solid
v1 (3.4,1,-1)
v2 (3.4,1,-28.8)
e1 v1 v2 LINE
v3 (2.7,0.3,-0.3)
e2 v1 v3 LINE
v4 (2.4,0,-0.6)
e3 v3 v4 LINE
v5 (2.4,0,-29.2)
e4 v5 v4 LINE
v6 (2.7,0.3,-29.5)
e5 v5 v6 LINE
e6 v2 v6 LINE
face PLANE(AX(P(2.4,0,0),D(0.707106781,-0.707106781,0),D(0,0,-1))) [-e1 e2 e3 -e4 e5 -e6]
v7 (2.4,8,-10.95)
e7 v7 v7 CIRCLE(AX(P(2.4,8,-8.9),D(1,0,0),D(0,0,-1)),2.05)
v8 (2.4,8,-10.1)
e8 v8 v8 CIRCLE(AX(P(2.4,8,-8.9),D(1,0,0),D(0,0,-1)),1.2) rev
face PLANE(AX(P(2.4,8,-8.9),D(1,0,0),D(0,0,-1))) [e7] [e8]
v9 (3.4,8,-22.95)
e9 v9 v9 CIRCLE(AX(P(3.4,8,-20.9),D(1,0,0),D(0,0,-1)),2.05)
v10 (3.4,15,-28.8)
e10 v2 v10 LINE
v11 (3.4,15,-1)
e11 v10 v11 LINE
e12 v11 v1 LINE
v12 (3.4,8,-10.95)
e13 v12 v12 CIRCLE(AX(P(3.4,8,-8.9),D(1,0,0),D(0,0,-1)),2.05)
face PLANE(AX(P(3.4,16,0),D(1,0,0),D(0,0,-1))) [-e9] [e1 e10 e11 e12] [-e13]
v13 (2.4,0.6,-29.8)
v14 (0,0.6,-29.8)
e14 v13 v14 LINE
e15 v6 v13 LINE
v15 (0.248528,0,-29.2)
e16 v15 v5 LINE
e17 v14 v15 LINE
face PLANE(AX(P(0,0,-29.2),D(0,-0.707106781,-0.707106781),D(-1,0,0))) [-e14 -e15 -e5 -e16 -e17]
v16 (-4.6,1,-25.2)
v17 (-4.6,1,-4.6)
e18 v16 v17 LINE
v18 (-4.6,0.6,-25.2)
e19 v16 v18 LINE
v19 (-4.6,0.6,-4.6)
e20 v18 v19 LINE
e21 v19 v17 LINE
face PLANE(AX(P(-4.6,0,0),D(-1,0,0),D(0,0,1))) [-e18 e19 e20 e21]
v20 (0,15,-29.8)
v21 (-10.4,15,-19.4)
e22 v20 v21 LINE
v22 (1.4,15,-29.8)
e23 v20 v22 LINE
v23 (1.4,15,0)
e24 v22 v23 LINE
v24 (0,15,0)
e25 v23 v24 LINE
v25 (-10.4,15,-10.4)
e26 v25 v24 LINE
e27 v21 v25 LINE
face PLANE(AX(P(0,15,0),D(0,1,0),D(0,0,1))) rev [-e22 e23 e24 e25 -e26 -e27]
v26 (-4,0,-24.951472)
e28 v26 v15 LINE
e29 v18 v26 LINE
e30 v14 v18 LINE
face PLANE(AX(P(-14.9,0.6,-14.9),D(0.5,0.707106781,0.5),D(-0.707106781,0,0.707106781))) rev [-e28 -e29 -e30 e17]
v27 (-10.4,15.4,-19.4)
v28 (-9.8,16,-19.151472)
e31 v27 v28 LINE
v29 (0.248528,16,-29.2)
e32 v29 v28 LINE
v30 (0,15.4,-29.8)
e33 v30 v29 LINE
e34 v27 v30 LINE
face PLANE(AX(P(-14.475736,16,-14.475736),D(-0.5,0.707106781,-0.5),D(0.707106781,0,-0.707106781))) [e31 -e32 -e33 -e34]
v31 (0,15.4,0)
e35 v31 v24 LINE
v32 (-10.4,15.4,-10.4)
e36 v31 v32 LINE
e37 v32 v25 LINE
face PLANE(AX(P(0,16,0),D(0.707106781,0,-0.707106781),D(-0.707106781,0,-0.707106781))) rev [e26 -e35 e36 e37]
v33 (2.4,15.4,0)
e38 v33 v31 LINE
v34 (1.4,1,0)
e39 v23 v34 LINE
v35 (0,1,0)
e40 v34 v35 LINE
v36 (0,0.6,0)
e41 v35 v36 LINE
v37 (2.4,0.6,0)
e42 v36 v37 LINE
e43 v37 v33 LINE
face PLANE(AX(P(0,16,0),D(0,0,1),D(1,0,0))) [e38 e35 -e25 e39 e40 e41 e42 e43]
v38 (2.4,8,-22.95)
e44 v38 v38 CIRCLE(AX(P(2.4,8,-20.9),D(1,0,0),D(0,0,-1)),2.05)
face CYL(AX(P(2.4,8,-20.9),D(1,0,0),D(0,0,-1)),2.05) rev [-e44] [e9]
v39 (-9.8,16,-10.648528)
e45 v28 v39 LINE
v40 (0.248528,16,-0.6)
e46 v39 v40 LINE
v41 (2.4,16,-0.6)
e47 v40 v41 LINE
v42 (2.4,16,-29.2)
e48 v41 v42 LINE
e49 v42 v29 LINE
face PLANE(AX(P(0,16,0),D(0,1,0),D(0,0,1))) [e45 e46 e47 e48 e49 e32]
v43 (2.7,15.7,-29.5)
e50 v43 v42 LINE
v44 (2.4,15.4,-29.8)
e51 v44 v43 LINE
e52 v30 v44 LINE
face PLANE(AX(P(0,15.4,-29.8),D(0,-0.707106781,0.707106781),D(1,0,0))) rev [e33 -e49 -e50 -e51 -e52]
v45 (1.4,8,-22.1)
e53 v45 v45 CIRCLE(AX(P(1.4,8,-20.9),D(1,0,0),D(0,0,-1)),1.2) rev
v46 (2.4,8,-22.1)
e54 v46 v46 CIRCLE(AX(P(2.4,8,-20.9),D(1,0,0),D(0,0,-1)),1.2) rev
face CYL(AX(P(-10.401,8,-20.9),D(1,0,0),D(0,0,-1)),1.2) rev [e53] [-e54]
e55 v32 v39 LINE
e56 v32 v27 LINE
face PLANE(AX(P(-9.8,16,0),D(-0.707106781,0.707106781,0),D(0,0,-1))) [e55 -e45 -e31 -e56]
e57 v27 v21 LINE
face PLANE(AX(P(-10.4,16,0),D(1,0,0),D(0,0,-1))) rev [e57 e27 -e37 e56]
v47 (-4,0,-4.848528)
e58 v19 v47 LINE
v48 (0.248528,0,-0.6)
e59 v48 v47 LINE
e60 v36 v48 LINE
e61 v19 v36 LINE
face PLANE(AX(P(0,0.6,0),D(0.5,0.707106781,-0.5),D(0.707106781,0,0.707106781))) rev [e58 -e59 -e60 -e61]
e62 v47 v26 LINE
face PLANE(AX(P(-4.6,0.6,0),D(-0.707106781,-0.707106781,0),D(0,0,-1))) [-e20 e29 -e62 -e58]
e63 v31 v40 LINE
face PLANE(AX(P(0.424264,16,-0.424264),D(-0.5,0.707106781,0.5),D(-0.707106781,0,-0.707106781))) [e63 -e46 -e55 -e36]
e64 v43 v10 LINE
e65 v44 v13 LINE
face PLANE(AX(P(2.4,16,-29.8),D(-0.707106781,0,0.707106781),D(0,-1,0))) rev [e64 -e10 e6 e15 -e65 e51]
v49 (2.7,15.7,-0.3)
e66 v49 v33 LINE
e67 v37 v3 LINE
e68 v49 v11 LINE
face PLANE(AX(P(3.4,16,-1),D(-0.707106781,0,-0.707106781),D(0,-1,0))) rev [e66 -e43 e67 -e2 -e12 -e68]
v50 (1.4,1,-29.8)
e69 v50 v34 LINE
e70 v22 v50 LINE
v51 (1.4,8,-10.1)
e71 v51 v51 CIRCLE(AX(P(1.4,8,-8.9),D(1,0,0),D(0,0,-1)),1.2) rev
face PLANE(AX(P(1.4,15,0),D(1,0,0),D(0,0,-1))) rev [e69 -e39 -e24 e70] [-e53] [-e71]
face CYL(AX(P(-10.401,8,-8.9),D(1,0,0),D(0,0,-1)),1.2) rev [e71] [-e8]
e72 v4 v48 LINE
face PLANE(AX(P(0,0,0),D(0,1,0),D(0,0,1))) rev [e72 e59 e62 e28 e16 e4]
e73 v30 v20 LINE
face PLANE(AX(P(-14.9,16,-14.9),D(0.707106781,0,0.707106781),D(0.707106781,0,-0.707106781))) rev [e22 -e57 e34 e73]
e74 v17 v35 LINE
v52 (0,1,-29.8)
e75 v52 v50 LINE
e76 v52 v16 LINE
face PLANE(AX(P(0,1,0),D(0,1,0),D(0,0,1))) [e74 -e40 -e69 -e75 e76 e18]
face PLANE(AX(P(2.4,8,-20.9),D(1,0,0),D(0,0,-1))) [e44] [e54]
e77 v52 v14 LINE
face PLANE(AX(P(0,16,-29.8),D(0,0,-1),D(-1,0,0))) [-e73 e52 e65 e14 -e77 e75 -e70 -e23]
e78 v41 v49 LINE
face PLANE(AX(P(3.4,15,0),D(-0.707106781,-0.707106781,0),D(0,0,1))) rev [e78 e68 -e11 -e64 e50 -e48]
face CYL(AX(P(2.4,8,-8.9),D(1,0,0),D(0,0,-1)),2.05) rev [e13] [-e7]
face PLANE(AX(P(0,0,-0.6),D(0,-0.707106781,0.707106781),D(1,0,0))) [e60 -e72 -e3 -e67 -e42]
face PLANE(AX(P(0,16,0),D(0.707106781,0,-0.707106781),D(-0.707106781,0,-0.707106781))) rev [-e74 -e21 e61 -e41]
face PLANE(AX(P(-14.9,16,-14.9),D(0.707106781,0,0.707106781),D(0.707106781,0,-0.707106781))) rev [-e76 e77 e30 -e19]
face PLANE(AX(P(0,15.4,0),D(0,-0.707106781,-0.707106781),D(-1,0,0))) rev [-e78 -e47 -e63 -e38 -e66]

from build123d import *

# Parameters (mm, degrees)
EXTRUDE_1_DEPTH     = 16
CUT_EXTRUDE_START   = 1
CUT_EXTRUDE_1_DEPTH = 14
SKETCH_4_W          = 35.141232352
SKETCH_4_H          = 2.32880635
CUT_EXTRUDE_4_DEPTH = 5.8
CHAMFER_2_SIZE      = 1
CHAMFER_1_SIZE      = 0.6
CUT_EXTRUDE_2_REACH = 38.531
SKETCH_2_R          = 1.2
SKETCH_3_R          = 2.05
CUT_EXTRUDE_3_DEPTH = 1


with BuildPart() as part:
    # 草图1 → 凸台-拉伸1 (new body)
    with BuildSketch(Plane(origin=(0, 0, 0), x_dir=(1, 0, 0), z_dir=(0, 1, 0))):
        Polygon((-10.4, 10.4), (0, 0), (3.4, 0), (3.4, 29.8), (0, 29.8), (-10.4, 19.4), align=None)
    extrude(amount=EXTRUDE_1_DEPTH)

    # 草图1<3> → 切除-拉伸1 (cut)
    with BuildSketch(Plane(origin=(0, 0, 0), x_dir=(1, 0, 0), z_dir=(0, 1, 0)).offset(CUT_EXTRUDE_START)):
        Polygon((-10.4, 10.4), (0, 0), (1.4, 0), (1.4, 29.8), (0, 29.8), (-10.4, 19.4), align=None)
    extrude(amount=CUT_EXTRUDE_1_DEPTH, mode=Mode.SUBTRACT)

    # 草图4 → 切除-拉伸4 (cut)
    with BuildSketch(Plane.ZY.offset(10.4)):
        with Locations((-15.55462397, -0.164403175)):
            Rectangle(SKETCH_4_W, SKETCH_4_H)
    extrude(amount=-CUT_EXTRUDE_4_DEPTH, mode=Mode.SUBTRACT)

    # 倒角2
    chamfer_2_edges = [part.edges().sort_by_distance(p)[0] for p in [
        (3.4, 8, -29.8),
        (3.4, 8, 0),
        (3.4, 16, -14.9),
        (3.4, 0, -14.9),
    ]]
    chamfer(chamfer_2_edges, length=CHAMFER_2_SIZE)

    # 倒角1
    chamfer_1_edges = [part.edges().sort_by_distance(p)[0] for p in [
        (1.2, 0, -29.8),
        (1.2, 0, 0),
        (-2.3, 0, -2.3),
        (-2.3, 0, -27.5),
        (1.2, 16, -29.8),
        (1.2, 16, 0),
        (-5.2, 16, -24.6),
        (-5.2, 16, -5.2),
        (-10.4, 16, -14.9),
        (-4.6, 0, -14.9),
    ]]
    chamfer(chamfer_1_edges, length=CHAMFER_1_SIZE)

    # 草图2 → 切除-拉伸2 (cut, up to next)
    with BuildSketch(Plane(origin=(3.4, 0, 0), x_dir=(0, 0, -1), z_dir=(1, 0, 0)), mode=Mode.PRIVATE) as cut_extrude_2_sk1:
        with Locations((8.9, 8)):
            Circle(SKETCH_2_R)
    cut_extrude_2_tool1 = extrude(cut_extrude_2_sk1.sketch, amount=-CUT_EXTRUDE_2_REACH, mode=Mode.PRIVATE) & part.part
    # 草图2 → 切除-拉伸2 (cut, up to next)
    with BuildSketch(Plane(origin=(3.4, 0, 0), x_dir=(0, 0, -1), z_dir=(1, 0, 0)), mode=Mode.PRIVATE) as cut_extrude_2_sk2:
        with Locations((20.9, 8)):
            Circle(SKETCH_2_R)
    cut_extrude_2_tool2 = extrude(cut_extrude_2_sk2.sketch, amount=-CUT_EXTRUDE_2_REACH, mode=Mode.PRIVATE) & part.part
    add(cut_extrude_2_tool1.solids().sort_by_distance((3.4, 8, -8.9))[0], mode=Mode.SUBTRACT)
    add(cut_extrude_2_tool2.solids().sort_by_distance((3.4, 8, -20.9))[0], mode=Mode.SUBTRACT)

    # 草图3 → 切除-拉伸3 (cut)
    with BuildSketch(Plane(origin=(3.4, 0, 0), x_dir=(0, 0, -1), z_dir=(1, 0, 0))):
        with Locations((8.9, 8)):
            Circle(SKETCH_3_R)
        with Locations((20.9, 8)):
            Circle(SKETCH_3_R)
    extrude(amount=-CUT_EXTRUDE_3_DEPTH, mode=Mode.SUBTRACT)


solid = part.part
